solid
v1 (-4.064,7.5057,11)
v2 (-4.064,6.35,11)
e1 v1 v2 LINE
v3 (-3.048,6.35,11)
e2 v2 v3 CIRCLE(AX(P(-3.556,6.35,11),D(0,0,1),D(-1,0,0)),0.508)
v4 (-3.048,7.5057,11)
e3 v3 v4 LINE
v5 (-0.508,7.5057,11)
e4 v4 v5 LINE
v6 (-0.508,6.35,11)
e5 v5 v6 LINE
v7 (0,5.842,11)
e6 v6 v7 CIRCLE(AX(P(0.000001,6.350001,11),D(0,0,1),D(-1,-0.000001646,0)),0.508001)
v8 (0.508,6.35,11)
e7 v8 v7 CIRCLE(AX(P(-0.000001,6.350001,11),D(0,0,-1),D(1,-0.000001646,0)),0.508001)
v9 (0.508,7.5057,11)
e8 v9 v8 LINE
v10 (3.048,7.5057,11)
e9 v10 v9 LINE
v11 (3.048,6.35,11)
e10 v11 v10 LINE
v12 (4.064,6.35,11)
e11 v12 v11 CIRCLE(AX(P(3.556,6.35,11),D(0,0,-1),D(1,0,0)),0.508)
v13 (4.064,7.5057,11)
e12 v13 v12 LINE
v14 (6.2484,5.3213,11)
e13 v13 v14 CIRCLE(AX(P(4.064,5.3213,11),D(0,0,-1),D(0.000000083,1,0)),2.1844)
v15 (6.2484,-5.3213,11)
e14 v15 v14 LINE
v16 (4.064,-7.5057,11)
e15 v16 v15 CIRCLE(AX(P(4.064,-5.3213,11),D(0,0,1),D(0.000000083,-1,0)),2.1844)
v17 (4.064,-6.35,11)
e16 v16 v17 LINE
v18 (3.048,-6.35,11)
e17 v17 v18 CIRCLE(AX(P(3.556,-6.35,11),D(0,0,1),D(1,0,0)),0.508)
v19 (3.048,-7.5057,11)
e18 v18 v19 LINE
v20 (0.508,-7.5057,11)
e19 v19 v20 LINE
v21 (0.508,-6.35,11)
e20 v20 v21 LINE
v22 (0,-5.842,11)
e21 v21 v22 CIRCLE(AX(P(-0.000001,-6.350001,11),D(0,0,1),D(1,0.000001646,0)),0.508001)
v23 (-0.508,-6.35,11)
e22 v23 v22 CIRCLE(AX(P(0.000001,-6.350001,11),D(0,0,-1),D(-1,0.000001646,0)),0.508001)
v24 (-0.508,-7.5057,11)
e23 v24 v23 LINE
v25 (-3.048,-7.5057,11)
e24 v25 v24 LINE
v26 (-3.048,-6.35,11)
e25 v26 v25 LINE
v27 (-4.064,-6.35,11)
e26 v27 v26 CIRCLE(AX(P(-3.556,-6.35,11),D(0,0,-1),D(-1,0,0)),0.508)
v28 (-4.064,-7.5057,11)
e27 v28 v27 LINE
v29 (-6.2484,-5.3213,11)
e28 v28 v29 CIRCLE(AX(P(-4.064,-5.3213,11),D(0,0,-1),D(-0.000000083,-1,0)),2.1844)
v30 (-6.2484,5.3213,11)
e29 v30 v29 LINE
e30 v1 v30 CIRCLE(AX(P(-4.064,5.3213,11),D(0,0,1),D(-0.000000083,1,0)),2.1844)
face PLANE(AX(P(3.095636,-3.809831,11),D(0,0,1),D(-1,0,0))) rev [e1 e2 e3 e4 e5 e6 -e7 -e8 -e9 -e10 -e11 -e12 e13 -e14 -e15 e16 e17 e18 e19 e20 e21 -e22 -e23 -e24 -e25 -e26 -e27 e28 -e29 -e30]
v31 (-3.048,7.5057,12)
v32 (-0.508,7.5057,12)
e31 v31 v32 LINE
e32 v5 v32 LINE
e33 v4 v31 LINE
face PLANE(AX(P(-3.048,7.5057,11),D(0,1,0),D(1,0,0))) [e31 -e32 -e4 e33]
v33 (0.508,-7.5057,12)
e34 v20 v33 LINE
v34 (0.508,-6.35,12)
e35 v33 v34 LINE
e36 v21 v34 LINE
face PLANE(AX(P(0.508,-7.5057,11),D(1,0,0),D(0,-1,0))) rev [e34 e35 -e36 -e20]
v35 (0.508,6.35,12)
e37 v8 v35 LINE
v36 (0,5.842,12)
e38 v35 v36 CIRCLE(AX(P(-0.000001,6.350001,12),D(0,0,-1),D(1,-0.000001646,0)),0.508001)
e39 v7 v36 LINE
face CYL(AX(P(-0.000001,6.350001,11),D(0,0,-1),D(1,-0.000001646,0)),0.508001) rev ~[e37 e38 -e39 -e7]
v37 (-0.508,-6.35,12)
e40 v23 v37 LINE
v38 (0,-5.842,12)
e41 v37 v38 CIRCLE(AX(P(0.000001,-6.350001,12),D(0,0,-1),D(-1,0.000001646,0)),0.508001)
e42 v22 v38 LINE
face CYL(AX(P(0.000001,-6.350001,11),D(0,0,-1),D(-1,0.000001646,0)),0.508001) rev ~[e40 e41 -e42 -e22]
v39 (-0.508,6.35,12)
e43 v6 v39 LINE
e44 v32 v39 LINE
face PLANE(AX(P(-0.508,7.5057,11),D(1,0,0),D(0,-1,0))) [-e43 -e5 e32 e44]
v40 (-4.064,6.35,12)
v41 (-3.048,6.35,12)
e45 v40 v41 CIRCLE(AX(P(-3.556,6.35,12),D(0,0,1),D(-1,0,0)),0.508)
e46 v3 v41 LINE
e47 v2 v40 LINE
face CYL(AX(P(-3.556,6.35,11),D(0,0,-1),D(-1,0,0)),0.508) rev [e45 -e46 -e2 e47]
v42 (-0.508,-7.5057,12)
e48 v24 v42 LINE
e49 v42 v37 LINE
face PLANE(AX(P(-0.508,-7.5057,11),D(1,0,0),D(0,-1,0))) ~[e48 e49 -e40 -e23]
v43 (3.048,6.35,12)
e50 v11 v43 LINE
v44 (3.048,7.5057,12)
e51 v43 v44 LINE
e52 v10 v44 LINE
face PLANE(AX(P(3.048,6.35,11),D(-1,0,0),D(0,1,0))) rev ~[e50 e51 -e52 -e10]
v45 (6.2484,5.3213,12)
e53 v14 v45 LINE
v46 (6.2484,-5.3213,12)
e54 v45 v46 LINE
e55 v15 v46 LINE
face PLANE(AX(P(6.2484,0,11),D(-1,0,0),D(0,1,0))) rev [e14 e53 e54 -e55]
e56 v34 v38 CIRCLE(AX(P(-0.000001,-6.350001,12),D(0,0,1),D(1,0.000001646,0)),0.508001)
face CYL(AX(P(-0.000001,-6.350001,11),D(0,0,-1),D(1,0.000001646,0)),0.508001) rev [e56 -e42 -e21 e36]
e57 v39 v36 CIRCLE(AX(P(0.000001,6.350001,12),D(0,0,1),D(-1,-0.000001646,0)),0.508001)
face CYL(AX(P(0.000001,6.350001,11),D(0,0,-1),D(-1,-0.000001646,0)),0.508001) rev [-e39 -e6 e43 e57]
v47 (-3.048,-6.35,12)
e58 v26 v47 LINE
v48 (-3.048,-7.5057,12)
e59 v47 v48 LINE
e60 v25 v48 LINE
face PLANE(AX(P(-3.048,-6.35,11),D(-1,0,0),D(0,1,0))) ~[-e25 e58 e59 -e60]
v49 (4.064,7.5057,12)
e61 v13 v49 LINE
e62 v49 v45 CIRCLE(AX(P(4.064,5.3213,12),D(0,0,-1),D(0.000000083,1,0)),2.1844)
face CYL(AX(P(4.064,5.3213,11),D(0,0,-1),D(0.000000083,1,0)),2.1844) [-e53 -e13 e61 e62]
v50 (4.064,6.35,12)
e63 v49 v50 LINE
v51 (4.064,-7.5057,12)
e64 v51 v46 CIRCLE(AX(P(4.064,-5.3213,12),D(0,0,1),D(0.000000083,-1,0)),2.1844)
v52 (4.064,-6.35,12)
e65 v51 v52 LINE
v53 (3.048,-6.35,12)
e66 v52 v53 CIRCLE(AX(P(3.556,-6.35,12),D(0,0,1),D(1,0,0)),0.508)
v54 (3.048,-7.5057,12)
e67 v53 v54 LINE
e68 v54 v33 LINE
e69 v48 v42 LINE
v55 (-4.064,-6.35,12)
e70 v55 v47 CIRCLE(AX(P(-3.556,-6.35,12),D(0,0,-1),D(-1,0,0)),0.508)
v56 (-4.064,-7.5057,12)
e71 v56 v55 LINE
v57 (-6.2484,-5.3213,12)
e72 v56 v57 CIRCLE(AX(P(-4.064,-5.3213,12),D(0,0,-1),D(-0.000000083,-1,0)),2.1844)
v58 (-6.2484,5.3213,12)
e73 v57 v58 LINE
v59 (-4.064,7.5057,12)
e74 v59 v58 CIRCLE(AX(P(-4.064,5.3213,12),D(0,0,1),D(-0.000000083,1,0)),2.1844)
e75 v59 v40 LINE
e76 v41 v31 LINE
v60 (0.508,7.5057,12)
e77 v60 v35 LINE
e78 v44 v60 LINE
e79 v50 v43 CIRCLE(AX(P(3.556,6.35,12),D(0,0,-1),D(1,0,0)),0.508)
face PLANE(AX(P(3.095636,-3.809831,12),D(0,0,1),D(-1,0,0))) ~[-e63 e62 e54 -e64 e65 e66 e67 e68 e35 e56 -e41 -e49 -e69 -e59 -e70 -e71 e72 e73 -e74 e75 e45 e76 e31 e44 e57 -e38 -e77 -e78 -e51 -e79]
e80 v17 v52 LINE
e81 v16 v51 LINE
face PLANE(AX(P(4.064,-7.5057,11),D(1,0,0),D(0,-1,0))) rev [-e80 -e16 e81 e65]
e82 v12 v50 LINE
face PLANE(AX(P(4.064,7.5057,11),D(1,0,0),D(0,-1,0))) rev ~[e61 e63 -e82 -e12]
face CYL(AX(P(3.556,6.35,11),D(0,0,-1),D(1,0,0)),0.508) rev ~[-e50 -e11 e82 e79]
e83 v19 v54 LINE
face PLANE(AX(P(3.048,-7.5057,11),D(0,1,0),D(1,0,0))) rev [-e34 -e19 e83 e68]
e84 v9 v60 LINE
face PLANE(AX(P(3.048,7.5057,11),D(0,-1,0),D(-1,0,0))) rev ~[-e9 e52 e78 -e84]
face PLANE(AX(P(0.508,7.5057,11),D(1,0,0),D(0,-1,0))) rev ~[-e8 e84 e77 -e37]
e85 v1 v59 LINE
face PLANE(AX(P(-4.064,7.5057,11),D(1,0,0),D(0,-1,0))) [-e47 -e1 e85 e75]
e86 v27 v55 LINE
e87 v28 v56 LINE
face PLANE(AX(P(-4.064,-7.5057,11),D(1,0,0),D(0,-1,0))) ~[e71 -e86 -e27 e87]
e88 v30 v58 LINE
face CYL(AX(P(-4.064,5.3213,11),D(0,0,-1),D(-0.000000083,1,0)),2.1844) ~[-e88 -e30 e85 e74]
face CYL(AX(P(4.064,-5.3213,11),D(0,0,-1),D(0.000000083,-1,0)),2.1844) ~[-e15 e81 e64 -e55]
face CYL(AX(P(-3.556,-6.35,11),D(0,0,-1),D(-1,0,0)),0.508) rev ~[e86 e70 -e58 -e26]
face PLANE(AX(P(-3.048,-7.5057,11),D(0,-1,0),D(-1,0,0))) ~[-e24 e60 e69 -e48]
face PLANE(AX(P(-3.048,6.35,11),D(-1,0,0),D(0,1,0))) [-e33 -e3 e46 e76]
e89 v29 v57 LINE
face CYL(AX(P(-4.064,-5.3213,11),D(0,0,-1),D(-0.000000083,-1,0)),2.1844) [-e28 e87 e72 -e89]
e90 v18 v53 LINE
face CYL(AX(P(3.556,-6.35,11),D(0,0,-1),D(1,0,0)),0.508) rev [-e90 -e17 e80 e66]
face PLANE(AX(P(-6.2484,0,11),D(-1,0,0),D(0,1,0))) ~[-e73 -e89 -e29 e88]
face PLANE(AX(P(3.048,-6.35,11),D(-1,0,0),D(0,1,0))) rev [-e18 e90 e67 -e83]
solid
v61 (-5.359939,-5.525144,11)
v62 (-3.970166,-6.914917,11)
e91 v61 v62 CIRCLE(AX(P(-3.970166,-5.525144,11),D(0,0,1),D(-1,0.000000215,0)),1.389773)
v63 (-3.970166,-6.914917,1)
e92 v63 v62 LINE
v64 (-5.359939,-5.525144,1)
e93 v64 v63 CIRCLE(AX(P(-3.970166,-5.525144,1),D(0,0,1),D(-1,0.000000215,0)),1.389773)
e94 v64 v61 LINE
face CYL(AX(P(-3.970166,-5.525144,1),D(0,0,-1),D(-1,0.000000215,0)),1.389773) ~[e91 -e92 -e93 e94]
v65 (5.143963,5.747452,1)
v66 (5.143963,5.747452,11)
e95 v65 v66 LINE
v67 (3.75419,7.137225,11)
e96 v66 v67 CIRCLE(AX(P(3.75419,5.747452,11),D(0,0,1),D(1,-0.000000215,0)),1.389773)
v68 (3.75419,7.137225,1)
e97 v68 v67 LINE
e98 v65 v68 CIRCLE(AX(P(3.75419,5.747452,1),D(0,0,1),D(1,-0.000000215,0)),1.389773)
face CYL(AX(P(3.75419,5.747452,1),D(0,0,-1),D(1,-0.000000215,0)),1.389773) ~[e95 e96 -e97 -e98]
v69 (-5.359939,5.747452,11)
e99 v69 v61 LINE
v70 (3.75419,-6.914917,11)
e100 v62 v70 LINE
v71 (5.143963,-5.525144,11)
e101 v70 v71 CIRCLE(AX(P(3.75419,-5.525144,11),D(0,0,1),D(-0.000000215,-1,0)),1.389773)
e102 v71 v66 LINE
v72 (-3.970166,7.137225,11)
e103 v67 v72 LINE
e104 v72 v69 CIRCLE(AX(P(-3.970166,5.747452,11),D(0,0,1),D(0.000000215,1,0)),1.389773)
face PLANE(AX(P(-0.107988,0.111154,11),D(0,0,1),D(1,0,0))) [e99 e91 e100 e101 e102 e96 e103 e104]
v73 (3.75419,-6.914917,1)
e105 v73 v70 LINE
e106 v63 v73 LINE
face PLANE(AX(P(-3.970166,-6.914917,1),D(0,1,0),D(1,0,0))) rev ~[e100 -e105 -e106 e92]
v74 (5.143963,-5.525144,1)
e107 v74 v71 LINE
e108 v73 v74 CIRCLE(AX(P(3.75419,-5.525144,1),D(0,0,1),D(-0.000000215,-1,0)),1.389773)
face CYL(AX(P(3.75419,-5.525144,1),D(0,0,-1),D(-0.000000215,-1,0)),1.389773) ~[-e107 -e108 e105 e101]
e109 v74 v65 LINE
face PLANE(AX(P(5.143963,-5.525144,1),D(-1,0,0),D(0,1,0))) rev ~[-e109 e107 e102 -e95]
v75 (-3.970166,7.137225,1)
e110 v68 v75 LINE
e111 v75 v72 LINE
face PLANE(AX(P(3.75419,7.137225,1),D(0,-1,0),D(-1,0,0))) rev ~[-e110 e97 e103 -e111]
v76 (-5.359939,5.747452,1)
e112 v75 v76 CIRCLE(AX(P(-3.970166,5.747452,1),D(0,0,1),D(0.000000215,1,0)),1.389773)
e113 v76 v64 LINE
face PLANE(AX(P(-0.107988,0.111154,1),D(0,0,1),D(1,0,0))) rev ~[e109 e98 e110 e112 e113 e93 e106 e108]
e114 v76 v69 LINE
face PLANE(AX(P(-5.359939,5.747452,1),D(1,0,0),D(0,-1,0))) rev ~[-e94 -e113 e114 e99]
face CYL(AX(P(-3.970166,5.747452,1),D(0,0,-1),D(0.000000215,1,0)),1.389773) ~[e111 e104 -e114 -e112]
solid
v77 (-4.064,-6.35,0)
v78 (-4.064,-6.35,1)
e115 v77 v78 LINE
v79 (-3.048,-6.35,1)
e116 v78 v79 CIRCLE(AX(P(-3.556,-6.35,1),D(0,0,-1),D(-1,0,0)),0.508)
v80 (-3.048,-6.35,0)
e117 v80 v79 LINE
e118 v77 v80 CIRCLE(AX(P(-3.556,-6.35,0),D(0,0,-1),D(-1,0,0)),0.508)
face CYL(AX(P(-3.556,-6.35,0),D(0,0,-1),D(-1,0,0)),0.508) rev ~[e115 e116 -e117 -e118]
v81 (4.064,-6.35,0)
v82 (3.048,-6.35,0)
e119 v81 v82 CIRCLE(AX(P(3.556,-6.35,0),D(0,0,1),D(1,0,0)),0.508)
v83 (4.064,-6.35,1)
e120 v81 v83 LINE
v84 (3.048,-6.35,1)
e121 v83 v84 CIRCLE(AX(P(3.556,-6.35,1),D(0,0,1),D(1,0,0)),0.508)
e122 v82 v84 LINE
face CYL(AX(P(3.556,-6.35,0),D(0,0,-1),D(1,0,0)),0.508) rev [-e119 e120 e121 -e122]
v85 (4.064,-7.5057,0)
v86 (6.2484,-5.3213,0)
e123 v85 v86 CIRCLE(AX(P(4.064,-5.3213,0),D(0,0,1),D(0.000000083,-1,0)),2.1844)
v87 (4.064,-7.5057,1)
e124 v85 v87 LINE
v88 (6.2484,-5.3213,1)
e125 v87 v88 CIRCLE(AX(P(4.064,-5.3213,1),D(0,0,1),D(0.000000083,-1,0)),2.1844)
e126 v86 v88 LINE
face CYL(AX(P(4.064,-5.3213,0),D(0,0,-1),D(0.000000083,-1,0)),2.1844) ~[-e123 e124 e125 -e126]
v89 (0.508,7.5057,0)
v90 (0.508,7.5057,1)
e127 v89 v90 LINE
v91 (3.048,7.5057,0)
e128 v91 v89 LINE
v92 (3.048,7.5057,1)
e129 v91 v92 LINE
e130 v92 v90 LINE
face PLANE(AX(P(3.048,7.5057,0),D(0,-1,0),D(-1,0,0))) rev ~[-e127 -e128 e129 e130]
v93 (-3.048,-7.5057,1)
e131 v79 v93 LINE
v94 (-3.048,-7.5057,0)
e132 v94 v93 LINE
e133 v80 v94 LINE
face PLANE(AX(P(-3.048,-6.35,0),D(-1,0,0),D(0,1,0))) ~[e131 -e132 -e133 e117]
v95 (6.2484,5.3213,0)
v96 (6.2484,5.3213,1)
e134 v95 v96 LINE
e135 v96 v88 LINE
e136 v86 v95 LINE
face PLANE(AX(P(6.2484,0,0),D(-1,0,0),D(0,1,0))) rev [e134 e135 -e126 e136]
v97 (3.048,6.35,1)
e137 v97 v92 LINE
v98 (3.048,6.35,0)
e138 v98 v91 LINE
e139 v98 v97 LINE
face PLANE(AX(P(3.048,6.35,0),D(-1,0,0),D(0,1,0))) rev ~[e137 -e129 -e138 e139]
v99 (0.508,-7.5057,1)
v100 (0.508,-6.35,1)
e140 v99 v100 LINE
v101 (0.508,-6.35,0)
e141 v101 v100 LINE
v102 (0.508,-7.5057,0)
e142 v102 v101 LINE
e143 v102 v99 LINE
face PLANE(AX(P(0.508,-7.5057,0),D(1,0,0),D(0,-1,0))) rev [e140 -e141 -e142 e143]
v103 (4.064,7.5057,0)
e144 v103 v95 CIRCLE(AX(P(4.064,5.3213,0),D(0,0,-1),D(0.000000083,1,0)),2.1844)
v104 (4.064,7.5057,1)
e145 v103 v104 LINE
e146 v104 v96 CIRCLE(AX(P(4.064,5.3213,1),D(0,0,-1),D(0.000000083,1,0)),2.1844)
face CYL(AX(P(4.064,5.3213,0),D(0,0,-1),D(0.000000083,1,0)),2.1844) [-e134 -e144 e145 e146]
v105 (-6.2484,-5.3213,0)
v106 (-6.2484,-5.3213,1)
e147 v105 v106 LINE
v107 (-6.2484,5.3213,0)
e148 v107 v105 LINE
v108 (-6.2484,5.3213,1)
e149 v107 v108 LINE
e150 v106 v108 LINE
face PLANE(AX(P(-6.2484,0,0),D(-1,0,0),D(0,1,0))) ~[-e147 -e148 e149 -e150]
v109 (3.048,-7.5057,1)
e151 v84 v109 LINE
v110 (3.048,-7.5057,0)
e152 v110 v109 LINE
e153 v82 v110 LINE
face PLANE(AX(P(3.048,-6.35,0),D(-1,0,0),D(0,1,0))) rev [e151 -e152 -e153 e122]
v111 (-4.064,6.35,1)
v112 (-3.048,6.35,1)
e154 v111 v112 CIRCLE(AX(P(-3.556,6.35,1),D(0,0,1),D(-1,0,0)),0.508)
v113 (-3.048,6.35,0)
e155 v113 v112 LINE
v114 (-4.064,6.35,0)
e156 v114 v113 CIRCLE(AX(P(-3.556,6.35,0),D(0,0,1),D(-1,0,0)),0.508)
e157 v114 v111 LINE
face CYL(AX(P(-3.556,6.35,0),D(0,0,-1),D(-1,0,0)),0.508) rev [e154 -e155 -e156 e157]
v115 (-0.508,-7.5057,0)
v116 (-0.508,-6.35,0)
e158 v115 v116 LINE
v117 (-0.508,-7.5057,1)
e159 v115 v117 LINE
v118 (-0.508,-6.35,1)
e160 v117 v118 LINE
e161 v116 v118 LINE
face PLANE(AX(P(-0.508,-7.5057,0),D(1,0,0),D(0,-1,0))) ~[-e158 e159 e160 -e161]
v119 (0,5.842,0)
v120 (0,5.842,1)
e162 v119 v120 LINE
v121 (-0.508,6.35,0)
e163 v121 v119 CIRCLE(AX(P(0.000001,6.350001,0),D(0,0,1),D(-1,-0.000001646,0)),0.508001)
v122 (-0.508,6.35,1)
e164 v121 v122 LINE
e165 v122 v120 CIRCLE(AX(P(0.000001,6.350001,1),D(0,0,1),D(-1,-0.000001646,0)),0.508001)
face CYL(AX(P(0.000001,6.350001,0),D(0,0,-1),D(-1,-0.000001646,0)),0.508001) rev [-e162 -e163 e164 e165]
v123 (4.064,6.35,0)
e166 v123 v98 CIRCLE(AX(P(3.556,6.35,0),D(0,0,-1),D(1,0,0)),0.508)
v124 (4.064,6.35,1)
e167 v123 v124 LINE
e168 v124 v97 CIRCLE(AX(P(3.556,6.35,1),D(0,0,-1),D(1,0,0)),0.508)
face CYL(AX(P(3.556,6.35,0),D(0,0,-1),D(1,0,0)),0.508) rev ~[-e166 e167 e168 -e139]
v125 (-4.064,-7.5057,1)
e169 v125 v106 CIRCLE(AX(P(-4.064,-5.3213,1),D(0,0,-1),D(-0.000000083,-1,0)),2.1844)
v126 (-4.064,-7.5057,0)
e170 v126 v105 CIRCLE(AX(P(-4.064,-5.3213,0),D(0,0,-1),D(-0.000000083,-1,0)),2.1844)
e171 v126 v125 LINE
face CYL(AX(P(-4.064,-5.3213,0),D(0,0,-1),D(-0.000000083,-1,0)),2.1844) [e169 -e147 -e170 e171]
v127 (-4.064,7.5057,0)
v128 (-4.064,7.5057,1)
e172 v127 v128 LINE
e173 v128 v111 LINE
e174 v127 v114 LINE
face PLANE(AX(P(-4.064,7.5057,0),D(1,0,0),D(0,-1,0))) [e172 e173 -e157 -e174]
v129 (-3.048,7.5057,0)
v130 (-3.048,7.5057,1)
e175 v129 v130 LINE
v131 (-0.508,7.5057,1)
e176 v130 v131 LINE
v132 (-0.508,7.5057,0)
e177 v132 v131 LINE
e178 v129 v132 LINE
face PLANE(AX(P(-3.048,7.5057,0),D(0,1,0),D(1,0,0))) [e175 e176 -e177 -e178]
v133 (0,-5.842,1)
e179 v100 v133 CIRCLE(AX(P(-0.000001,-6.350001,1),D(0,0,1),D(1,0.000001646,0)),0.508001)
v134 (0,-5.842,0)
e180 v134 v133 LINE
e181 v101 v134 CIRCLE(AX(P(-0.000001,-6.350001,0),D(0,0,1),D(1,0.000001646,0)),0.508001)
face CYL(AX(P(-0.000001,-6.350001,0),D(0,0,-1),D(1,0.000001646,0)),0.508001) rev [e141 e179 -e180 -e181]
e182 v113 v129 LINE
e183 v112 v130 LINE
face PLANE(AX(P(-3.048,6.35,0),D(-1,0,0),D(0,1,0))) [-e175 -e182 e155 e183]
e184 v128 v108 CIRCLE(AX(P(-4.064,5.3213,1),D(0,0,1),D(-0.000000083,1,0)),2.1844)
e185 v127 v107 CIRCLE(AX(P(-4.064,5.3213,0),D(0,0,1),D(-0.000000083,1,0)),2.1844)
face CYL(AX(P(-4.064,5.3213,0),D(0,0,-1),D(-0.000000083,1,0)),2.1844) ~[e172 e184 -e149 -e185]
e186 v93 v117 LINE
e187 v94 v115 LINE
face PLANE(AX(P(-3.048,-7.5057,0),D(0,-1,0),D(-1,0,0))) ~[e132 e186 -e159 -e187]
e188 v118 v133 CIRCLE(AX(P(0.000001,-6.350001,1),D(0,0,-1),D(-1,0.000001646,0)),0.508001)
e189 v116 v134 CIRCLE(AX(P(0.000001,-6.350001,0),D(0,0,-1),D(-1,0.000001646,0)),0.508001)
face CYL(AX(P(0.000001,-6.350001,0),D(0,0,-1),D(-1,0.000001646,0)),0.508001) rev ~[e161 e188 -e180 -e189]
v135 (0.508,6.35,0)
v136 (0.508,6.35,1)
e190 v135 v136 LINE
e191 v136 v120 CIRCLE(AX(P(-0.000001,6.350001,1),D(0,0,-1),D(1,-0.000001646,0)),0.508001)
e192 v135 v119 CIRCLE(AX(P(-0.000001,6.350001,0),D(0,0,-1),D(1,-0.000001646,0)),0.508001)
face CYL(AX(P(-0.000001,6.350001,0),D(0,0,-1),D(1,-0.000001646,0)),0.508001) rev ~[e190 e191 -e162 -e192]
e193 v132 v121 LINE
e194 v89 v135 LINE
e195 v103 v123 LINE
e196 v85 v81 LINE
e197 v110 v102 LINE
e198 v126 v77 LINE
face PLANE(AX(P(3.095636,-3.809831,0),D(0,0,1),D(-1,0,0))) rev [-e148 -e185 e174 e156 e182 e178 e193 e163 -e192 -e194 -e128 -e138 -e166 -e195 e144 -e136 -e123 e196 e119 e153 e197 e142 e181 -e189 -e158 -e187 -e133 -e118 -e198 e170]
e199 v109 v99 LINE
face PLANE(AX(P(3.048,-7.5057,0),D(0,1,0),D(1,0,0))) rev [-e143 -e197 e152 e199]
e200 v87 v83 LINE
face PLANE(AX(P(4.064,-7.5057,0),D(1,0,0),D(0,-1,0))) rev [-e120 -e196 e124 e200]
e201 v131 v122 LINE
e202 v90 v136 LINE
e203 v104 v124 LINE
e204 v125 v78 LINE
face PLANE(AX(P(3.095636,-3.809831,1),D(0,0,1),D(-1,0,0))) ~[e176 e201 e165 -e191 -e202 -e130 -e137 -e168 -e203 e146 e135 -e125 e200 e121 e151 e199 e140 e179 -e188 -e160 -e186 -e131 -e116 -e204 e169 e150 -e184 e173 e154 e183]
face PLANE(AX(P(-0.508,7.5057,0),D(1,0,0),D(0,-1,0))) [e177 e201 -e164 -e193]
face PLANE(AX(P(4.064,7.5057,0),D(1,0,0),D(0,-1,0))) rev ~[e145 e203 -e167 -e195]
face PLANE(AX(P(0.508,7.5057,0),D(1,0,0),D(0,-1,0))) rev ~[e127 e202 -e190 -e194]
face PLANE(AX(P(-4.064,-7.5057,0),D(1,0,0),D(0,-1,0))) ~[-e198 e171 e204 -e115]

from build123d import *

# Parameters (mm, degrees)
PAD_DEPTH                  = 1
PAD_MIRRORED_2_DEPTH       = 1
PAD001_DEPTH               = 10
PAD002_DEPTH               = 1
PAD002_MIRRORED002_2_DEPTH = 1


with BuildPart() as body:
    # Sketch → Pad (new body)
    with BuildSketch(Plane.XY):
        with BuildLine():
            Line((-6.2484, 0), (-6.2484, 5.3213))
            ThreePointArc((-4.064, 7.5057), (-5.608604, 6.865904), (-6.2484, 5.3213))
            Line((-4.064, 7.5057), (-4.064, 6.35))
            ThreePointArc((-4.064, 6.35), (-3.556, 5.842), (-3.048, 6.35))
            Line((-3.048, 6.35), (-3.048, 7.5057))
            Line((-3.048, 7.5057), (-0.508, 7.5057))
            Line((-0.508, 7.5057), (-0.508, 6.35))
            ThreePointArc((-0.508, 6.35), (-0.35921, 5.99079), (0, 5.842))
            Line((0, 5.842), (0, 0))
            Line((-6.2484, 0), (0, 0))
        make_face()
    pad = extrude(amount=PAD_DEPTH)

    # Sketch Mirrored 2 → Pad Mirrored 2 (add)
    with BuildSketch(Plane(origin=(0, 0, 0), x_dir=(-1, 0, 0), z_dir=(0, 0, -1))):
        with BuildLine():
            Line((-6.2484, 0), (-6.2484, 5.3213))
            ThreePointArc((-4.064, 7.5057), (-5.608604, 6.865904), (-6.2484, 5.3213))
            Line((-4.064, 7.5057), (-4.064, 6.35))
            ThreePointArc((-4.064, 6.35), (-3.556, 5.842), (-3.048, 6.35))
            Line((-3.048, 6.35), (-3.048, 7.5057))
            Line((-3.048, 7.5057), (-0.508, 7.5057))
            Line((-0.508, 7.5057), (-0.508, 6.35))
            ThreePointArc((-0.508, 6.35), (-0.35921, 5.99079), (0, 5.842))
            Line((0, 5.842), (0, 0))
            Line((-6.2484, 0), (0, 0))
        make_face()
    pad_mirrored_2 = extrude(amount=-PAD_MIRRORED_2_DEPTH)

    # Mirrored001: Pad, Pad Mirrored 2 across XZ
    add(pad.mirror(Plane.XZ))
    add(pad_mirrored_2.mirror(Plane.XZ))


with BuildPart() as body001:
    # Sketch001 (on Face1 of ShapeBinder) → Pad001 (new body)
    with BuildSketch(Plane.XY.offset(1)):
        with BuildLine():
            Line((-3.970166, -6.914917), (3.75419, -6.914917))
            ThreePointArc((3.75419, -6.914917), (4.736908, -6.507862), (5.143963, -5.525144))
            Line((5.143963, -5.525144), (5.143963, 5.747452))
            ThreePointArc((5.143963, 5.747452), (4.736908, 6.73017), (3.75419, 7.137225))
            Line((3.75419, 7.137225), (-3.970166, 7.137225))
            ThreePointArc((-3.970166, 7.137225), (-4.952884, 6.73017), (-5.359939, 5.747452))
            Line((-5.359939, 5.747452), (-5.359939, -5.525144))
            ThreePointArc((-5.359939, -5.525144), (-4.952884, -6.507862), (-3.970166, -6.914917))
        make_face()
    extrude(amount=PAD001_DEPTH)


with BuildPart() as body002:
    # Sketch002 (on Face1 of CopyPad001) → Pad002 (new body)
    with BuildSketch(Plane.XY.offset(11)):
        with BuildLine():
            Line((-6.2484, 0), (-6.2484, 5.3213))
            ThreePointArc((-4.064, 7.5057), (-5.608604, 6.865904), (-6.2484, 5.3213))
            Line((-4.064, 7.5057), (-4.064, 6.35))
            ThreePointArc((-4.064, 6.35), (-3.556, 5.842), (-3.048, 6.35))
            Line((-3.048, 6.35), (-3.048, 7.5057))
            Line((-3.048, 7.5057), (-0.508, 7.5057))
            Line((-0.508, 7.5057), (-0.508, 6.35))
            ThreePointArc((-0.508, 6.35), (-0.35921, 5.99079), (0, 5.842))
            Line((0, 5.842), (0, 0))
            Line((-6.2484, 0), (0, 0))
        make_face()
    pad002 = extrude(amount=PAD002_DEPTH)

    # Sketch002 Mirrored002 2 → Pad002 Mirrored002 2 (add)
    with BuildSketch(Plane(origin=(0, 0, 11), x_dir=(-1, 0, 0), z_dir=(0, 0, -1))):
        with BuildLine():
            Line((-6.2484, 0), (-6.2484, 5.3213))
            ThreePointArc((-4.064, 7.5057), (-5.608604, 6.865904), (-6.2484, 5.3213))
            Line((-4.064, 7.5057), (-4.064, 6.35))
            ThreePointArc((-4.064, 6.35), (-3.556, 5.842), (-3.048, 6.35))
            Line((-3.048, 6.35), (-3.048, 7.5057))
            Line((-3.048, 7.5057), (-0.508, 7.5057))
            Line((-0.508, 7.5057), (-0.508, 6.35))
            ThreePointArc((-0.508, 6.35), (-0.35921, 5.99079), (0, 5.842))
            Line((0, 5.842), (0, 0))
            Line((-6.2484, 0), (0, 0))
        make_face()
    pad002_mirrored002_2 = extrude(amount=-PAD002_MIRRORED002_2_DEPTH)

    # Mirrored003: Pad002, Pad002 Mirrored002 2 across XZ
    add(pad002.mirror(Plane.XZ))
    add(pad002_mirrored002_2.mirror(Plane.XZ))


solid = Compound([body.part, body001.part, body002.part])
